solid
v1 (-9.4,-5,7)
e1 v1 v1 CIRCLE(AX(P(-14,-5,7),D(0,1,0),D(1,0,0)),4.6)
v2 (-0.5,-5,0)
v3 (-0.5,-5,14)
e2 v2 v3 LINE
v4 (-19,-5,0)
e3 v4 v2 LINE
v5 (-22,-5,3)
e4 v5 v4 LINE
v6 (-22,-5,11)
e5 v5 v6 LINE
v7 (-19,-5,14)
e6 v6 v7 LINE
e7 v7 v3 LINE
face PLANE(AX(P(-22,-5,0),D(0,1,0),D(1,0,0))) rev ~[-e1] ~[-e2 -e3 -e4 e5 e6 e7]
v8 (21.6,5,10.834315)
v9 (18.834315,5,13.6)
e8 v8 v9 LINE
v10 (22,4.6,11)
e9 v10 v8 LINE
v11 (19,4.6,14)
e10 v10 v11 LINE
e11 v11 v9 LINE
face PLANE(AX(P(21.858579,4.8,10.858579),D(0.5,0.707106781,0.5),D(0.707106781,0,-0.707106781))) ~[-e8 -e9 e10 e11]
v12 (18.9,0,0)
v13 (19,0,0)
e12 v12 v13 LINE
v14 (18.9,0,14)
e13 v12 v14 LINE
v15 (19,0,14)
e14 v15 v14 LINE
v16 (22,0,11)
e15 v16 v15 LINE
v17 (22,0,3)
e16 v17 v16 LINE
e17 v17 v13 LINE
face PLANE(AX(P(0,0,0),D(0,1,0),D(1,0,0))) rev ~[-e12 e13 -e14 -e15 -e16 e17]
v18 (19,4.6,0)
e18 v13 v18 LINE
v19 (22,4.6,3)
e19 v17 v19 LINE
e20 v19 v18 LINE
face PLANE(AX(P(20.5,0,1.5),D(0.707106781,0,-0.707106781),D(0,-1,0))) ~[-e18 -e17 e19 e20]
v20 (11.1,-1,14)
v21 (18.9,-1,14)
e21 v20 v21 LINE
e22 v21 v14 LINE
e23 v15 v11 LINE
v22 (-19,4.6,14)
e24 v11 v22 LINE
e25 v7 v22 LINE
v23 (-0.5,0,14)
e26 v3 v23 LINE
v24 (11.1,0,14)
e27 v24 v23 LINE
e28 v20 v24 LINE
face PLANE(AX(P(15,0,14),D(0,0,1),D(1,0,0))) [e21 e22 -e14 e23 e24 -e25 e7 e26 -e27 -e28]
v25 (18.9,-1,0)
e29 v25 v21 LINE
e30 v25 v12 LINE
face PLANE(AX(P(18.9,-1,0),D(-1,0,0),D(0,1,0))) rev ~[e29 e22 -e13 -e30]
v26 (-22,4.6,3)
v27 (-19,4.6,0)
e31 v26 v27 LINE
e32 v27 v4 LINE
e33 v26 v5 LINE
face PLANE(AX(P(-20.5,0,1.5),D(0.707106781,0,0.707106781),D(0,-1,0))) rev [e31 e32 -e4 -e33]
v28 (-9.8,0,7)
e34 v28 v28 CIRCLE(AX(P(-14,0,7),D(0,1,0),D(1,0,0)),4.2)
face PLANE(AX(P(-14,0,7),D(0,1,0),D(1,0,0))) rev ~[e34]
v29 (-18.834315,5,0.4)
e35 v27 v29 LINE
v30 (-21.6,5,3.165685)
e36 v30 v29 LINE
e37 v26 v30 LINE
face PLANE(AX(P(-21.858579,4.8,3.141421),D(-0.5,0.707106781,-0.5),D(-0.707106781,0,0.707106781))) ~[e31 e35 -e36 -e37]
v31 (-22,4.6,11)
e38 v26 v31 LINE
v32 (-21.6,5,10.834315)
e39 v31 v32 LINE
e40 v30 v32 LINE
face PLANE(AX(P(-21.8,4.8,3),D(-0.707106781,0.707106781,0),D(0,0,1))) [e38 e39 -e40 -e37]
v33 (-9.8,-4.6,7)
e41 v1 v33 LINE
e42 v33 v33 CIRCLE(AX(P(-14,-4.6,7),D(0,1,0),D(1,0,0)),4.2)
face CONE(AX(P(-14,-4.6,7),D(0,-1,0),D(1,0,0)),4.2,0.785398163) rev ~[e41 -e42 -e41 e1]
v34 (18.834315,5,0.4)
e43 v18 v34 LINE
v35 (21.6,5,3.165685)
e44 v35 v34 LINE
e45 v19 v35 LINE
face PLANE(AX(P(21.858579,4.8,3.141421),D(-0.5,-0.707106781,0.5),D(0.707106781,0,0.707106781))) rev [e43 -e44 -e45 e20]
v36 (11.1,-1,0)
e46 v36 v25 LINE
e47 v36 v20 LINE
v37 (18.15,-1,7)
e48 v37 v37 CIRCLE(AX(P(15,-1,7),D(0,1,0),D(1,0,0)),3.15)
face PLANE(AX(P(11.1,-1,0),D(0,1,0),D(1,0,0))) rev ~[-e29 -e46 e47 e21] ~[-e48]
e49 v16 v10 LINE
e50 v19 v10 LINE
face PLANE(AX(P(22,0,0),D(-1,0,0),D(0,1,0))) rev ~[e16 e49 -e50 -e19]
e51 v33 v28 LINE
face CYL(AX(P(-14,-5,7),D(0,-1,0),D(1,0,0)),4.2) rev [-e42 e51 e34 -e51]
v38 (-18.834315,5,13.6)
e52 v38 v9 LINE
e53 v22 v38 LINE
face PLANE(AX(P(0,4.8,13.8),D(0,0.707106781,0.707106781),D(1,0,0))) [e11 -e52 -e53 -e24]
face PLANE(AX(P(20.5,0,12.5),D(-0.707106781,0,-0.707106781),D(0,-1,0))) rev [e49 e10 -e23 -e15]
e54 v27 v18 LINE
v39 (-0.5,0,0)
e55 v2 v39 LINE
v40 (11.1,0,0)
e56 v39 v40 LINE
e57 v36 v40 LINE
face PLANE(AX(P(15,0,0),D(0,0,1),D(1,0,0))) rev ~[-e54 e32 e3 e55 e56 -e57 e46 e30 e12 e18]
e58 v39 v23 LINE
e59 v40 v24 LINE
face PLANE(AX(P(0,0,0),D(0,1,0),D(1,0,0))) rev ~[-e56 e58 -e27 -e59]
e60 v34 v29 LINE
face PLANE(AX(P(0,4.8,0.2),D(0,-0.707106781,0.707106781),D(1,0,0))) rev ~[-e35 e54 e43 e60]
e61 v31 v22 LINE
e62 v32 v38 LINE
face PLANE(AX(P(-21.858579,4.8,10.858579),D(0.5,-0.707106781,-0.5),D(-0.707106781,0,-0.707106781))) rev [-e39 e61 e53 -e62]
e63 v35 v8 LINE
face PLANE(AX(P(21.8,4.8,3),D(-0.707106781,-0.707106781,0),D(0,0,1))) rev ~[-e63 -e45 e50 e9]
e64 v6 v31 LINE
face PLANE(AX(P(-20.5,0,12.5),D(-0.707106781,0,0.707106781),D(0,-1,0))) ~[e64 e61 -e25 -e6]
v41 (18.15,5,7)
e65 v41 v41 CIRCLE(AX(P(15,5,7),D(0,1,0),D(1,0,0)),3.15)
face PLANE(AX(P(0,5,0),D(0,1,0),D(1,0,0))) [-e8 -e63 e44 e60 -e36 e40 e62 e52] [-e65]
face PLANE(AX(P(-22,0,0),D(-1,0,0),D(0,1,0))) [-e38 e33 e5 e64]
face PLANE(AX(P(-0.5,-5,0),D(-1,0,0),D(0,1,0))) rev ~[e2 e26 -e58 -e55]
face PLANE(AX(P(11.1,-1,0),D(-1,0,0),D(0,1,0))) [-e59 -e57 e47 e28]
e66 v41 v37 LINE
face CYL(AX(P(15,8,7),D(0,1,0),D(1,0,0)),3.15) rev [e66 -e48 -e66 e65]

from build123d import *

# Parameters (mm, degrees)
CYLINDER010_R      = 4.2
CYLINDER010_DEPTH  = 5
CYLINDER011_R      = 3.15
CYLINDER011_DEPTH  = 10
BOX016_W           = 22
BOX016_H           = 5
BOX016_DEPTH       = 14
CHAMFER006008_SIZE = 3
CHAMFER006012_SIZE = 0.4
BOX017_W           = 22
BOX017_H           = 5
BOX017_DEPTH       = 14
CHAMFER006013_SIZE = 3
CHAMFER006014_SIZE = 0.4
BOX018_W           = 7.8
BOX018_H           = 2
BOX018_DEPTH       = 14
BOX015_W           = 21.5
BOX015_H           = 5
BOX015_DEPTH       = 14
CHAMFER006009_SIZE = 3
CHAMFER006015_SIZE = 0.4


with BuildPart() as cylinder010:
    # Cylinder010 → Cylinder010 (new body)
    with BuildSketch(Plane(origin=(-14, -5, 7), x_dir=(1, 0, 0), z_dir=(0, 1, 0))):
        Circle(CYLINDER010_R)
    extrude(amount=CYLINDER010_DEPTH)


with BuildPart() as cylinder011:
    # Cylinder011 → Cylinder011 (new body)
    with BuildSketch(Plane(origin=(15, 8, 7), x_dir=(1, 0, 0), z_dir=(0, -1, 0))):
        Circle(CYLINDER011_R)
    extrude(amount=CYLINDER011_DEPTH)


with BuildPart() as chamfer006012:
    # Box016 → Box016 (new body)
    with BuildSketch(Plane(origin=(-22, 0, 0), x_dir=(1, 0, 0), z_dir=(0, 0, 1))):
        with Locations((11, 2.5)):
            Rectangle(BOX016_W, BOX016_H)
    extrude(amount=BOX016_DEPTH)

    # Chamfer006008
    chamfer006008_edges = [chamfer006012.edges().sort_by_distance(p)[0] for p in [
        (-22, 2.5, 14),
        (-22, 2.5, 0),
    ]]
    chamfer(chamfer006008_edges, length=CHAMFER006008_SIZE)

    # Chamfer006012
    chamfer006012_edges = [chamfer006012.edges().sort_by_distance(p)[0] for p in [
        (-22, 5, 7),
        (-20.5, 5, 1.5),
        (-20.5, 5, 12.5),
        (-9.5, 5, 0),
        (-9.5, 5, 14),
    ]]
    chamfer(chamfer006012_edges, length=CHAMFER006012_SIZE)


with BuildPart() as chamfer006014:
    # Box017 → Box017 (new body)
    with BuildSketch(Plane.XY):
        with Locations((11, 2.5)):
            Rectangle(BOX017_W, BOX017_H)
    extrude(amount=BOX017_DEPTH)

    # Chamfer006013
    chamfer006013_edges = [chamfer006014.edges().sort_by_distance(p)[0] for p in [
        (22, 2.5, 14),
        (22, 2.5, 0),
    ]]
    chamfer(chamfer006013_edges, length=CHAMFER006013_SIZE)

    # Chamfer006014
    chamfer006014_edges = [chamfer006014.edges().sort_by_distance(p)[0] for p in [
        (22, 5, 7),
        (20.5, 5, 1.5),
        (20.5, 5, 12.5),
        (9.5, 5, 0),
        (9.5, 5, 14),
    ]]
    chamfer(chamfer006014_edges, length=CHAMFER006014_SIZE)


with BuildPart() as cube017:
    # Box018 → Box018 (new body)
    with BuildSketch(Plane(origin=(11.1, -1, 0), x_dir=(1, 0, 0), z_dir=(0, 0, 1))):
        with Locations((3.9, 1)):
            Rectangle(BOX018_W, BOX018_H)
    extrude(amount=BOX018_DEPTH)


with BuildPart() as chamfer006015:
    # Box015 → Box015 (new body)
    with BuildSketch(Plane(origin=(-22, -5, 0), x_dir=(1, 0, 0), z_dir=(0, 0, 1))):
        with Locations((10.75, 2.5)):
            Rectangle(BOX015_W, BOX015_H)
    extrude(amount=BOX015_DEPTH)

    # Chamfer006009
    chamfer006009_edges = [chamfer006015.edges().sort_by_distance(p)[0] for p in [
        (-22, -2.5, 14),
        (-22, -2.5, 0),
    ]]
    chamfer(chamfer006009_edges, length=CHAMFER006009_SIZE)

    # Fusion005: union Chamfer006012, Chamfer006014, Cube017
    add(chamfer006012.part)
    add(chamfer006014.part)
    add(cube017.part)

    # Cut010011008009003016026008003008002: cut Cylinder011
    add(cylinder011.part, mode=Mode.SUBTRACT)

    # Cut010011008009003016026008003008003: cut Cylinder010
    add(cylinder010.part, mode=Mode.SUBTRACT)

    # Chamfer006015
    chamfer006015_edges = [chamfer006015.edges().sort_by_distance(p)[0] for p in [
        (-18.2, -5, 7),
    ]]
    chamfer(chamfer006015_edges, length=CHAMFER006015_SIZE)


solid = chamfer006015.part
